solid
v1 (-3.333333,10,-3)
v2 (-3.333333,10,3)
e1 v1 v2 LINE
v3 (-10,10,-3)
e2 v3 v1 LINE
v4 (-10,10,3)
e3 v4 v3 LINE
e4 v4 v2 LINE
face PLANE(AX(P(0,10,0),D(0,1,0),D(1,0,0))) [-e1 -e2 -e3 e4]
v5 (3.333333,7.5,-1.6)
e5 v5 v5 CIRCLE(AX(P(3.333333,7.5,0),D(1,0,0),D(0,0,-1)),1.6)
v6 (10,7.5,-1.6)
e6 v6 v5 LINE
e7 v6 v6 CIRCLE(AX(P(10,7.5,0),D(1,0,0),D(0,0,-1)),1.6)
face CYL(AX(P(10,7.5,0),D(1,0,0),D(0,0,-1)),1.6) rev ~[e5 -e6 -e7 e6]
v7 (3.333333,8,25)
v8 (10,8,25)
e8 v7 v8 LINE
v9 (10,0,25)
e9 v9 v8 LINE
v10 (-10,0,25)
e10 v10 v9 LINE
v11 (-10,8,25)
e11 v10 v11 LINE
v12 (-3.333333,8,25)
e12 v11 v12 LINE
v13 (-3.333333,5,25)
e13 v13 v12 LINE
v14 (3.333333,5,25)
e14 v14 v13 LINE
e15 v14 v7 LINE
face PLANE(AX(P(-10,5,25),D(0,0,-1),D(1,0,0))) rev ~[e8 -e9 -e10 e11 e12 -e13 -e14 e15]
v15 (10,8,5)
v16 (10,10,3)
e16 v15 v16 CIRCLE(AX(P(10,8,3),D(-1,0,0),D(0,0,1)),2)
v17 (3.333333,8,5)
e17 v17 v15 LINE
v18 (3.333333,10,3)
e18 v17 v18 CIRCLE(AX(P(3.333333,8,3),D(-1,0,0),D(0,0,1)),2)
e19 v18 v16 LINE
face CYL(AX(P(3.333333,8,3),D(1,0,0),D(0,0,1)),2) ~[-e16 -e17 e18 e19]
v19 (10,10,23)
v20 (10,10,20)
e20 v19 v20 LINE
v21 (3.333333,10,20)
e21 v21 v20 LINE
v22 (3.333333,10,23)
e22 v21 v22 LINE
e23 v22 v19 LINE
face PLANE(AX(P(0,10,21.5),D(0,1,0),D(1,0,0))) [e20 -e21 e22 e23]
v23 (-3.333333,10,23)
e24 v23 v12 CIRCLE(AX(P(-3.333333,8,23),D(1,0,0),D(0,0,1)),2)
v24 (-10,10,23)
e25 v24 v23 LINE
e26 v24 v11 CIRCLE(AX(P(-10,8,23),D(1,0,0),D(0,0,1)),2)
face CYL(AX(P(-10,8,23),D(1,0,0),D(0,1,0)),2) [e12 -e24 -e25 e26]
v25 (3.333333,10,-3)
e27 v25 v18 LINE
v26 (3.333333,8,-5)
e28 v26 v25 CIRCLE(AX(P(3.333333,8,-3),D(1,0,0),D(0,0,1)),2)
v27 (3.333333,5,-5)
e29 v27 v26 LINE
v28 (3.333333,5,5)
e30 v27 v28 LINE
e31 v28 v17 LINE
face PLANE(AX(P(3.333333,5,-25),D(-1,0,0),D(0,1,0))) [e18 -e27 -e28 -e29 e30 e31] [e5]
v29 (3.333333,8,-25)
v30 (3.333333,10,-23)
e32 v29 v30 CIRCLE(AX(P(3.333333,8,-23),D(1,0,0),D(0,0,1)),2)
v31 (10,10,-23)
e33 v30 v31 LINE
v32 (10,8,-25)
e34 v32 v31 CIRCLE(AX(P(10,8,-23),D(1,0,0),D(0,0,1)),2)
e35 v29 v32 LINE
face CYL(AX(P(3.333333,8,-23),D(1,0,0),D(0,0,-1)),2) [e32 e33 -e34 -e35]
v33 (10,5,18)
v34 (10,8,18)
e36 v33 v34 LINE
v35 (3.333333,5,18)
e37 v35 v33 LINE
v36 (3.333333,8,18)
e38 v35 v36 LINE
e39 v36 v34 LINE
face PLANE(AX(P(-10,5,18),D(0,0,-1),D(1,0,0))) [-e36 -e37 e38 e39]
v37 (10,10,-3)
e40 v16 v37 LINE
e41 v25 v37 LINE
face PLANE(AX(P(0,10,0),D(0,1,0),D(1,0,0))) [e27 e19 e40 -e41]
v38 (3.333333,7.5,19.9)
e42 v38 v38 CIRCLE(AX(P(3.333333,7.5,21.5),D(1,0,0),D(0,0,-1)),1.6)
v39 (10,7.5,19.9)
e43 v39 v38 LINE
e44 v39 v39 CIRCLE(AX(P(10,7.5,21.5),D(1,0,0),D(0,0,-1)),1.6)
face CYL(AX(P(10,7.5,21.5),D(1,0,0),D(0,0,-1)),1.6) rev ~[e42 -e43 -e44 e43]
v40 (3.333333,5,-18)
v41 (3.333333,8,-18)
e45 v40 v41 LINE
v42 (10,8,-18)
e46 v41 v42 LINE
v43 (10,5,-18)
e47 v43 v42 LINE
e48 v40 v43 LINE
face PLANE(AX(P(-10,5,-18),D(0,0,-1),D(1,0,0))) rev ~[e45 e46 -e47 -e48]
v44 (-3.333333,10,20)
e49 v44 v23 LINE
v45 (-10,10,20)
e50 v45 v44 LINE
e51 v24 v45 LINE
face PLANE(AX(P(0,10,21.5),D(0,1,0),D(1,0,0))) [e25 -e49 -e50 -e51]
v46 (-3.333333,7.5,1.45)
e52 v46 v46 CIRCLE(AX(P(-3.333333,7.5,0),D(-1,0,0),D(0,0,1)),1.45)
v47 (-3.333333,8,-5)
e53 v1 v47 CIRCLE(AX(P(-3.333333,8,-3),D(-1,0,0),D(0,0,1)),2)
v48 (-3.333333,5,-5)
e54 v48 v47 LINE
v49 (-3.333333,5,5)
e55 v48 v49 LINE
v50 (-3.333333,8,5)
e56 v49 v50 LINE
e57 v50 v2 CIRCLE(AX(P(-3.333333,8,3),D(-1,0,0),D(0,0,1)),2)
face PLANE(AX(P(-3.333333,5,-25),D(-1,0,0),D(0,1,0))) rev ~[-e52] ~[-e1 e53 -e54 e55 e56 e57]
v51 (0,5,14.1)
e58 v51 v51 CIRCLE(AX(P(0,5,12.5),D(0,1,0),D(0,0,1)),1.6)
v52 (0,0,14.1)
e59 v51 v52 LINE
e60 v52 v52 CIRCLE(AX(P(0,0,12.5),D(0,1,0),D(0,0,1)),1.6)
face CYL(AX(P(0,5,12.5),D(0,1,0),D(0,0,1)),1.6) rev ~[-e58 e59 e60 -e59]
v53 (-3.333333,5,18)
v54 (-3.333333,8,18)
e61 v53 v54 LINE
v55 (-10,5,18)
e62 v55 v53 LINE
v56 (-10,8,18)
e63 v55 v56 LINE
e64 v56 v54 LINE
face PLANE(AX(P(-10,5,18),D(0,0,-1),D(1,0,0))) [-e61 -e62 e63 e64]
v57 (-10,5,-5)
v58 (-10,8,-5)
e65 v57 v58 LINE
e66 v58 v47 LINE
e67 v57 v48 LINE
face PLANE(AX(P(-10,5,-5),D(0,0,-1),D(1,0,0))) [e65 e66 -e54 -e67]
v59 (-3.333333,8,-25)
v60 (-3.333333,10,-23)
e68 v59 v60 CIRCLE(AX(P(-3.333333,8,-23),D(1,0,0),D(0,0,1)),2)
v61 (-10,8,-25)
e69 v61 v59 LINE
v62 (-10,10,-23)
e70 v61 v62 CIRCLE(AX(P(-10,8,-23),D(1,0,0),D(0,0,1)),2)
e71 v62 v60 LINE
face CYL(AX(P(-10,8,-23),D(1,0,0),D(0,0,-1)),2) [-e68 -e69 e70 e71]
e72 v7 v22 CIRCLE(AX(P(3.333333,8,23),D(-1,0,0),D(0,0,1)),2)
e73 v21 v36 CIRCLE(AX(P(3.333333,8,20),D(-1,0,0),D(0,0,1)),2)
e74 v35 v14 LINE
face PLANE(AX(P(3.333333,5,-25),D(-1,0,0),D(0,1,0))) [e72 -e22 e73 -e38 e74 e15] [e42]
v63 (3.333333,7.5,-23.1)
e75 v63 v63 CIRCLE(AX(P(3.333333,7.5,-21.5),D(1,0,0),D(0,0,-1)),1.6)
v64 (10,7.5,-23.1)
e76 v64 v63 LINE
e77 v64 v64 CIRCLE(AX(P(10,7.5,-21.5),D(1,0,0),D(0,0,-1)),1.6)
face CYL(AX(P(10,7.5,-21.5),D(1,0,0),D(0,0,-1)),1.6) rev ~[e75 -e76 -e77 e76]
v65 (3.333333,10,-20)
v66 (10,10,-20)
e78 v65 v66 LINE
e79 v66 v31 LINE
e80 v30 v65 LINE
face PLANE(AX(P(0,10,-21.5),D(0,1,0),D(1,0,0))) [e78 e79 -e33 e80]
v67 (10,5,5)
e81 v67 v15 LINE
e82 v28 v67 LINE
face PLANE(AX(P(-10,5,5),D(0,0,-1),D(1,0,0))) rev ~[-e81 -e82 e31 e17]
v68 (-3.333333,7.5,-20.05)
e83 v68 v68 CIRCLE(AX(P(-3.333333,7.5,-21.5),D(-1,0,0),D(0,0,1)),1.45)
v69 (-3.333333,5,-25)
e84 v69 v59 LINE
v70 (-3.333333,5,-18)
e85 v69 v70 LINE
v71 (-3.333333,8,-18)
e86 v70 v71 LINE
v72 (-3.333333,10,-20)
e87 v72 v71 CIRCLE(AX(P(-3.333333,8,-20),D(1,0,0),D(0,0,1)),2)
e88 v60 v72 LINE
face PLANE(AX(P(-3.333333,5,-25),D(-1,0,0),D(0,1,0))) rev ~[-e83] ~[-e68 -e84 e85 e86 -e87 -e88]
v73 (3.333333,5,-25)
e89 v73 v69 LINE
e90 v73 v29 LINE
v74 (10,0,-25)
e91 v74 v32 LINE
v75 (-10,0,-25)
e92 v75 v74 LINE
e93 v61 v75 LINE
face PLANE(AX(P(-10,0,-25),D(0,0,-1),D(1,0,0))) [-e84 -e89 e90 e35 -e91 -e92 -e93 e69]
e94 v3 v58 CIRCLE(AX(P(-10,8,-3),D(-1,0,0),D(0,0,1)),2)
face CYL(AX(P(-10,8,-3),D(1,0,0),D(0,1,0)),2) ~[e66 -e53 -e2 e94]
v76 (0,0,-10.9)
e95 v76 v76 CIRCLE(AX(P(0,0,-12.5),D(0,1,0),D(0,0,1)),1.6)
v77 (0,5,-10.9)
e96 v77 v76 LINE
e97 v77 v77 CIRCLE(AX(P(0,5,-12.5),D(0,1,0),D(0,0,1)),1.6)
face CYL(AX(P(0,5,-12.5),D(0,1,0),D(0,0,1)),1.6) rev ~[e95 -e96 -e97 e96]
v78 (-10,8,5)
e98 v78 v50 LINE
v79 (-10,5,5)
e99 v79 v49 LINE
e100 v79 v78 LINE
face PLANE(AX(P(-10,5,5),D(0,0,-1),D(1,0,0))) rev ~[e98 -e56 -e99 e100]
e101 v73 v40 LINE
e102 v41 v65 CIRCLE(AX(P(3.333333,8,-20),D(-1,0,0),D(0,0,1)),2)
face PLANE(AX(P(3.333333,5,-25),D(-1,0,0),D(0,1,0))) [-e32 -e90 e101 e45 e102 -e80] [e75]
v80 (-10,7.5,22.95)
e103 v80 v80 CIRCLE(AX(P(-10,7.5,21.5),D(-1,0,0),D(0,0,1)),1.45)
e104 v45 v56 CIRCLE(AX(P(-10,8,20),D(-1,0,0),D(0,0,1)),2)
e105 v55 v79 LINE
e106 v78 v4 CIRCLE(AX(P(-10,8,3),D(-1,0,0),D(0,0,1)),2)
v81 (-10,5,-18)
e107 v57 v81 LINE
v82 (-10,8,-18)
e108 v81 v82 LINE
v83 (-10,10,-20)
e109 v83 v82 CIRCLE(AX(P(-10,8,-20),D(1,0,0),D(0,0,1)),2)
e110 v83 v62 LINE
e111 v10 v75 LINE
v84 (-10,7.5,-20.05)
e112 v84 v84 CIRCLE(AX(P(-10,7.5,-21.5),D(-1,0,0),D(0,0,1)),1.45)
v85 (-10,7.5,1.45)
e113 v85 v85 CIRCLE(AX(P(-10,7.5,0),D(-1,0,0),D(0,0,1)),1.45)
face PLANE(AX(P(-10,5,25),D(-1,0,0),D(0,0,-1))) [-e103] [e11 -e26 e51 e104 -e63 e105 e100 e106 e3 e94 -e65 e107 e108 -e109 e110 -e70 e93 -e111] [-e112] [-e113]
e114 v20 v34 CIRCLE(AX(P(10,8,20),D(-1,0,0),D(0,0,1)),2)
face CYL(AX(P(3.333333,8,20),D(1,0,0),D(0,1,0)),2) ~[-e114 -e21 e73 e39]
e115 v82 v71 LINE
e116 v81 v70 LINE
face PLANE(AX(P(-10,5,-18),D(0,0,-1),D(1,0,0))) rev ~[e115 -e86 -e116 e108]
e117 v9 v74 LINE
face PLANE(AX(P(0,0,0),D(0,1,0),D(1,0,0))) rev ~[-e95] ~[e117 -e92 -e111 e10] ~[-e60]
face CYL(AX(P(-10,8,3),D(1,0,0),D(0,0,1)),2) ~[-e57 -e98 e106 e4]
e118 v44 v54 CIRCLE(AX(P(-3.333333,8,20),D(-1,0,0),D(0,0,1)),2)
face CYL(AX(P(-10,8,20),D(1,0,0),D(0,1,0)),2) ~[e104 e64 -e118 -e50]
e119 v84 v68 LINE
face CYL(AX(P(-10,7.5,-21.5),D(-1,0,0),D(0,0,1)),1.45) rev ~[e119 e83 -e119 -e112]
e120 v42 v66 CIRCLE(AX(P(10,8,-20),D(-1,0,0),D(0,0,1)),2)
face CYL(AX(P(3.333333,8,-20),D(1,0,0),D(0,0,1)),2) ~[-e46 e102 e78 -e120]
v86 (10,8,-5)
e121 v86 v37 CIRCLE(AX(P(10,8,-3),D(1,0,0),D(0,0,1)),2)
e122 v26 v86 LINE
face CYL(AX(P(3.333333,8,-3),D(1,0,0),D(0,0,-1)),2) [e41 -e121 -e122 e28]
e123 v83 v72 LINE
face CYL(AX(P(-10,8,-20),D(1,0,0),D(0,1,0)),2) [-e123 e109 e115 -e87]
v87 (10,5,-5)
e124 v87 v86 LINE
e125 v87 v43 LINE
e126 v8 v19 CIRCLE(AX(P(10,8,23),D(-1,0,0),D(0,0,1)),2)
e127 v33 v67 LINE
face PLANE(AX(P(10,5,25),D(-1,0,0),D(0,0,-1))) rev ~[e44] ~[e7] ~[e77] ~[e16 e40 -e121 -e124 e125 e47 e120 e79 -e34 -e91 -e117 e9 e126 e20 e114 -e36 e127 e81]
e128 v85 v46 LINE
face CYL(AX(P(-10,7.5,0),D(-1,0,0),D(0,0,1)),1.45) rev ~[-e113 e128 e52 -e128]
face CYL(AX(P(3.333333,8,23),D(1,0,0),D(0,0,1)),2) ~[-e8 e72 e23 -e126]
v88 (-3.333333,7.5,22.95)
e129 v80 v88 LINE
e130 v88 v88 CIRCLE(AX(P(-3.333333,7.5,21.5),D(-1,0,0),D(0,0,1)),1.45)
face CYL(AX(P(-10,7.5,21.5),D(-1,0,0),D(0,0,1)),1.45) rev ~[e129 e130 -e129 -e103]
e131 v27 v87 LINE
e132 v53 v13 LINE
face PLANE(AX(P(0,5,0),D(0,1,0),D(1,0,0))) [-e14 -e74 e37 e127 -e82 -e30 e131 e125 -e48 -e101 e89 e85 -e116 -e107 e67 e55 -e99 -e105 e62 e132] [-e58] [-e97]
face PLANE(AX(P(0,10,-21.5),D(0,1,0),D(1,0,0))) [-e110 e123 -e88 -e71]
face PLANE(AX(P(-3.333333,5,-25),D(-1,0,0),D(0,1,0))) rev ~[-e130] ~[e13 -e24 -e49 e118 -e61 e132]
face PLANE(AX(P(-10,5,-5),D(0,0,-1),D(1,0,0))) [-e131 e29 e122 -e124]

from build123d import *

# Parameters (mm, degrees)
SKETCH1_W           = 20
SKETCH1_H           = 50
BOSS_EXTRUDE1_DEPTH = 5
SKETCH2_R           = 1.6
CUT_EXTRUDE1_DEPTH  = 28.386127875
SKETCH3_W           = 20
SKETCH3_H           = 10
SKETCH3_H_2         = 7
BOSS_EXTRUDE2_DEPTH = 5
SKETCH4_R           = 1.45
CUT_EXTRUDE2_DEPTH  = 34.541019662
SKETCH5_W           = 6.666666666
SKETCH5_H           = 5
CUT_EXTRUDE3_DEPTH  = 52.961524227
CUT_EXTRUDE4_REACH  = 35.541
SKETCH6_R           = 1.6
FILLET1_R           = 2


with BuildPart() as part:
    # Sketch1 → Boss-Extrude1 (new body)
    with BuildSketch(Plane(origin=(0, 0, 0), x_dir=(1, 0, 0), z_dir=(0, 1, 0))):
        Rectangle(SKETCH1_W, SKETCH1_H)
    extrude(amount=BOSS_EXTRUDE1_DEPTH)

    # Sketch2 → Cut-Extrude1 (cut, through all)
    with BuildSketch(Plane(origin=(0, 5, 0), x_dir=(1, 0, 0), z_dir=(0, 1, 0))):
        with Locations(Location((0, 12.5, 0), (0, 0, 270))):
            Circle(SKETCH2_R)
        with Locations(Location((0, -12.5, 0), (0, 0, 270))):
            Circle(SKETCH2_R)
    extrude(amount=-CUT_EXTRUDE1_DEPTH, mode=Mode.SUBTRACT)

    # Sketch3 → Boss-Extrude2 (add)
    with BuildSketch(Plane(origin=(0, 5, 0), x_dir=(1, 0, 0), z_dir=(0, 1, 0))):
        Rectangle(SKETCH3_W, SKETCH3_H)
        with Locations((0, -21.5)):
            Rectangle(SKETCH3_W, SKETCH3_H_2)
        with Locations((0, 21.5)):
            Rectangle(SKETCH3_W, SKETCH3_H_2)
    extrude(amount=BOSS_EXTRUDE2_DEPTH)

    # Sketch4 → Cut-Extrude2 (cut, through all)
    with BuildSketch(Plane.ZY.offset(10)):
        with Locations((-21.5, 7.5)):
            Circle(SKETCH4_R)
        with Locations((0, 7.5)):
            Circle(SKETCH4_R)
        with Locations((21.5, 7.5)):
            Circle(SKETCH4_R)
    extrude(amount=-CUT_EXTRUDE2_DEPTH, mode=Mode.SUBTRACT)

    # Sketch5 → Cut-Extrude3 (cut, through all)
    with BuildSketch(Plane(origin=(0, 0, -25), x_dir=(-1, 0, 0), z_dir=(0, 0, -1))):
        with Locations((0, 7.5)):
            Rectangle(SKETCH5_W, SKETCH5_H)
    extrude(amount=-CUT_EXTRUDE3_DEPTH, mode=Mode.SUBTRACT)

    # Sketch6 → Cut-Extrude4 (cut, up to next)
    with BuildSketch(Plane(origin=(10, 0, 0), x_dir=(0, 0, -1), z_dir=(1, 0, 0)), mode=Mode.PRIVATE) as cut_extrude4_sk1:
        with Locations((21.5, 7.5)):
            Circle(SKETCH6_R)
    cut_extrude4_tool1 = extrude(cut_extrude4_sk1.sketch, amount=-CUT_EXTRUDE4_REACH, mode=Mode.PRIVATE) & part.part
    # Sketch6 → Cut-Extrude4 (cut, up to next)
    with BuildSketch(Plane(origin=(10, 0, 0), x_dir=(0, 0, -1), z_dir=(1, 0, 0)), mode=Mode.PRIVATE) as cut_extrude4_sk2:
        with Locations((0, 7.5)):
            Circle(SKETCH6_R)
    cut_extrude4_tool2 = extrude(cut_extrude4_sk2.sketch, amount=-CUT_EXTRUDE4_REACH, mode=Mode.PRIVATE) & part.part
    # Sketch6 → Cut-Extrude4 (cut, up to next)
    with BuildSketch(Plane(origin=(10, 0, 0), x_dir=(0, 0, -1), z_dir=(1, 0, 0)), mode=Mode.PRIVATE) as cut_extrude4_sk3:
        with Locations((-21.5, 7.5)):
            Circle(SKETCH6_R)
    cut_extrude4_tool3 = extrude(cut_extrude4_sk3.sketch, amount=-CUT_EXTRUDE4_REACH, mode=Mode.PRIVATE) & part.part
    add(cut_extrude4_tool1.solids().sort_by_distance((10, 7.5, -21.5))[0], mode=Mode.SUBTRACT)
    add(cut_extrude4_tool2.solids().sort_by_distance((10, 7.5, 0))[0], mode=Mode.SUBTRACT)
    add(cut_extrude4_tool3.solids().sort_by_distance((10, 7.5, 21.5))[0], mode=Mode.SUBTRACT)

    # Fillet1
    fillet1_edges = [part.edges().sort_by_distance(p)[0] for p in [
        (6.666666667, 10, -25),
        (-6.666666667, 10, -18),
        (6.666666667, 10, 18),
        (-6.666666667, 10, 25),
        (6.666666667, 10, -5),
        (-6.666666667, 10, 5),
        (-6.666666667, 10, -25),
        (6.666666667, 10, -18),
        (-6.666666667, 10, 18),
        (6.666666667, 10, 25),
        (-6.666666667, 10, -5),
        (6.666666667, 10, 5),
    ]]
    fillet(fillet1_edges, radius=FILLET1_R)


solid = part.part
